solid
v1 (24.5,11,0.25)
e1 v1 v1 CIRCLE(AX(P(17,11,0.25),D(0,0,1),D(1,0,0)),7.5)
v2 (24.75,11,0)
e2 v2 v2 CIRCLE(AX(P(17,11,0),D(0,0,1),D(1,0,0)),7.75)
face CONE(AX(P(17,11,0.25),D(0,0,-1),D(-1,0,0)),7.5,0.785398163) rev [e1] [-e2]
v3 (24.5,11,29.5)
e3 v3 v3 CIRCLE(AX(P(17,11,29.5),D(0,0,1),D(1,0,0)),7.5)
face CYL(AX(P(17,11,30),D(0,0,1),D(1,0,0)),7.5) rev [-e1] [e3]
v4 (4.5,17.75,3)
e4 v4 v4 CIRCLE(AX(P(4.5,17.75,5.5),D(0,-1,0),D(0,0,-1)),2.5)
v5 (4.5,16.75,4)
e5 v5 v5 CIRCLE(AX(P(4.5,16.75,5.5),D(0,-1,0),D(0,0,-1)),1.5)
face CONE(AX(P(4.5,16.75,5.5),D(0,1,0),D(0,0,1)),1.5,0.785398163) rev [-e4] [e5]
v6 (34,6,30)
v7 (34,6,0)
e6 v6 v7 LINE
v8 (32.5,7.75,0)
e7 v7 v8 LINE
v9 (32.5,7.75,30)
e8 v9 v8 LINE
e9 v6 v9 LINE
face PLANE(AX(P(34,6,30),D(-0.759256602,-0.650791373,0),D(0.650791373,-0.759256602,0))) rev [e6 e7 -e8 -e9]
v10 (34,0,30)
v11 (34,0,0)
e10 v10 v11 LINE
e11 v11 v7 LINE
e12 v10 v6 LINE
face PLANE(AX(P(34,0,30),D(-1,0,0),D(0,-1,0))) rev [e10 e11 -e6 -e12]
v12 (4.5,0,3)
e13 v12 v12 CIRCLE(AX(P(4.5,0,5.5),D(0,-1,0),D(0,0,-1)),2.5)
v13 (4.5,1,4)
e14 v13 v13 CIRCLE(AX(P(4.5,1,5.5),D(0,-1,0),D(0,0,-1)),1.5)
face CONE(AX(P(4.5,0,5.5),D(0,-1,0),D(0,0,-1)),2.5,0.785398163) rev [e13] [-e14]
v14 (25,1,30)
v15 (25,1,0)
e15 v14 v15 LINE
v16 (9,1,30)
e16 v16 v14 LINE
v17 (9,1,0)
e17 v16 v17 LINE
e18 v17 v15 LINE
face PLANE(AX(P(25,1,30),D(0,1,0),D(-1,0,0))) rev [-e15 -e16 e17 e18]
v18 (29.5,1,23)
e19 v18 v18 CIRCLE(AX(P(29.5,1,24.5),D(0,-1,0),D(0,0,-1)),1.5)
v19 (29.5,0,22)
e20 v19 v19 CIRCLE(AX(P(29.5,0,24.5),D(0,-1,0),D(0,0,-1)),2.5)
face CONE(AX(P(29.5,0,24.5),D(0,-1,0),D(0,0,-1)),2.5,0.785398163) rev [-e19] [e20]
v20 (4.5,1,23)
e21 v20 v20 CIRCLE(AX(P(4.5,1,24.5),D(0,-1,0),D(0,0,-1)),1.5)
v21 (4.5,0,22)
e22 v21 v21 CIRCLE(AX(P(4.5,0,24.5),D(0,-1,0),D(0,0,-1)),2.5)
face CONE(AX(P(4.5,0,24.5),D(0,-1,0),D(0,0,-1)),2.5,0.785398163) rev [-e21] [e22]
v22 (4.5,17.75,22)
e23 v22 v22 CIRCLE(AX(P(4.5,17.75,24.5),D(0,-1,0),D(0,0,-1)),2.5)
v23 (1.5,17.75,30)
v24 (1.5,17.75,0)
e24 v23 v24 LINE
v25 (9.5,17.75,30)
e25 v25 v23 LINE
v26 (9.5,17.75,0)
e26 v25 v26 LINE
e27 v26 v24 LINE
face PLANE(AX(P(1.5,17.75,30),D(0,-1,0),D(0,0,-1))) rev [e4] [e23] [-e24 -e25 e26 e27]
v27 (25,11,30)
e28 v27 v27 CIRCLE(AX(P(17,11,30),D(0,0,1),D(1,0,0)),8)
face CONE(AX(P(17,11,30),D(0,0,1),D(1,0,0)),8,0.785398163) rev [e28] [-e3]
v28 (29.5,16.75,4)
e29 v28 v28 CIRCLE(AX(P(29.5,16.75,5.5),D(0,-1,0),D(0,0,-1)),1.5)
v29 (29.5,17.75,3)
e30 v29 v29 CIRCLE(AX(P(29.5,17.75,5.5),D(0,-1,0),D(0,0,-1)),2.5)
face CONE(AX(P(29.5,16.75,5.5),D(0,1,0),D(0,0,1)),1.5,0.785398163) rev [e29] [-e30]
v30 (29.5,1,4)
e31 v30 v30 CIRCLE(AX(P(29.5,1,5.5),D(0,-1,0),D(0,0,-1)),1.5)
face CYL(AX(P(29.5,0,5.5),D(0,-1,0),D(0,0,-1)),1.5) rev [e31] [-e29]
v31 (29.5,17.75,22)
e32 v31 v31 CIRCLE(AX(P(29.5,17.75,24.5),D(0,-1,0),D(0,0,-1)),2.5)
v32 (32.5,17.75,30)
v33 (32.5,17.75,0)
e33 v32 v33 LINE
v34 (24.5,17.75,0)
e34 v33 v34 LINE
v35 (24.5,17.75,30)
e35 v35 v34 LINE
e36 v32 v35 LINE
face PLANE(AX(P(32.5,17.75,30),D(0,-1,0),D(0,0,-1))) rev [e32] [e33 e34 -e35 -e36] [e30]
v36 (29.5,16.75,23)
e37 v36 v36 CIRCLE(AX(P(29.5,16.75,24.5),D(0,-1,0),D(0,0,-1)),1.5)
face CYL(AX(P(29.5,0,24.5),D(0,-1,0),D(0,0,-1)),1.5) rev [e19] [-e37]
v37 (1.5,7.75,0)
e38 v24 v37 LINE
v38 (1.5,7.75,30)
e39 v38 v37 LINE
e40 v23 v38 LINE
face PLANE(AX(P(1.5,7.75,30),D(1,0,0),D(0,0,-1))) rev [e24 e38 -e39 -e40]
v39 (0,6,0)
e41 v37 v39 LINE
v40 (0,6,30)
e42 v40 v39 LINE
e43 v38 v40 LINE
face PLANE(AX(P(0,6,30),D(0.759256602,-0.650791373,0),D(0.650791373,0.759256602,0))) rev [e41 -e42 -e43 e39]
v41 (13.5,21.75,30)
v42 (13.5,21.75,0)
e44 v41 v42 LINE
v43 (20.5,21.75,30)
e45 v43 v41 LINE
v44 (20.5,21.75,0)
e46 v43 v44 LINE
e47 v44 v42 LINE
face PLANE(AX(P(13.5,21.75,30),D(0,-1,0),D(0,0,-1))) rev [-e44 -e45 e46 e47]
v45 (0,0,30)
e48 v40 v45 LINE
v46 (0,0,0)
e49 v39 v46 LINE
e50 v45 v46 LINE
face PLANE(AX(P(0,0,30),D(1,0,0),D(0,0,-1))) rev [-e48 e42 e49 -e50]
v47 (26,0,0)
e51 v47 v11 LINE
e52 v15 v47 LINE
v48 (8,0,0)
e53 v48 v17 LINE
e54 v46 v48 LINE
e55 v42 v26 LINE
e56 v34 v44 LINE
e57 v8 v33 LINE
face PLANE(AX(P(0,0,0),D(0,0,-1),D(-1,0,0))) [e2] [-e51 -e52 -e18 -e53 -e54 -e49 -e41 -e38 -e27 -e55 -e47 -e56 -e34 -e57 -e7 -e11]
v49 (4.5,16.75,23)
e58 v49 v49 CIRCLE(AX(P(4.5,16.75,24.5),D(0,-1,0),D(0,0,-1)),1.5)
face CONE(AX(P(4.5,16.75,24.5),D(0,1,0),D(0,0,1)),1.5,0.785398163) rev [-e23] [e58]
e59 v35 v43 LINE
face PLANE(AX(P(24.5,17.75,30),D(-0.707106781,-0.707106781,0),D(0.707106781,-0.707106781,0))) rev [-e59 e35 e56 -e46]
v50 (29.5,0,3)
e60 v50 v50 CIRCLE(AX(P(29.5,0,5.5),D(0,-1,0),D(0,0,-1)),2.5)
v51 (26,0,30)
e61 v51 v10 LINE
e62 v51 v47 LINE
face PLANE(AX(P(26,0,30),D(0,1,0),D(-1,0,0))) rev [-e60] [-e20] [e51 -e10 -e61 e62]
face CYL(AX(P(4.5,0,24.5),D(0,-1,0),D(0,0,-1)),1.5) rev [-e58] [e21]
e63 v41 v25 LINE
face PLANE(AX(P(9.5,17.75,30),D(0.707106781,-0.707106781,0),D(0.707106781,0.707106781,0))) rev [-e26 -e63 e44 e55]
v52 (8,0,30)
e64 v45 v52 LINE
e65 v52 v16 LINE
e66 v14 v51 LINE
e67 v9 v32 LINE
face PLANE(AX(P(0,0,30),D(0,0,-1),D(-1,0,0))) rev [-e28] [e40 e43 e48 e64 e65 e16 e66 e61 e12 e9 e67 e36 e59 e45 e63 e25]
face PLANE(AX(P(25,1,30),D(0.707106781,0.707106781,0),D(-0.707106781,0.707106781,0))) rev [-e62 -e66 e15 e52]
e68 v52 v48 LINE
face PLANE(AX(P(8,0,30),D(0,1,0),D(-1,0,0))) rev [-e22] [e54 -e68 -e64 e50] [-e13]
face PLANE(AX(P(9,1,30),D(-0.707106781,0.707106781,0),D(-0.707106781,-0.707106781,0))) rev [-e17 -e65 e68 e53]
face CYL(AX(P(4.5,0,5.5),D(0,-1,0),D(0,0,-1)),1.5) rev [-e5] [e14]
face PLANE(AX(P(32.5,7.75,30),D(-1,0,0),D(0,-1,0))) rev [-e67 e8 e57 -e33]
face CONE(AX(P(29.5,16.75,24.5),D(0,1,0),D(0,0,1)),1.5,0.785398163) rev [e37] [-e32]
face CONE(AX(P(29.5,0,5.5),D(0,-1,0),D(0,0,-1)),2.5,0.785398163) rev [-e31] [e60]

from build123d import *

# Parameters (mm, degrees)
BOSS_EXTRUDE1_DEPTH        = 30
M5_TAPPED_HOLE5_AT_2_COUNT = 2
M5_TAPPED_HOLE5_AT_2_PITCH = 19
M5_TAPPED_HOLE6_AT_2_COUNT = 2
M5_TAPPED_HOLE6_AT_2_PITCH = 19


with BuildPart() as part:
    # Sketch1 → Boss-Extrude1 (new body)
    with BuildSketch(Plane.XY):
        Polygon((0, 0), (0, 6), (1.5, 7.75), (1.5, 17.75), (9.5, 17.75), (13.5, 21.75), (20.5, 21.75), (24.5, 17.75), (32.5, 17.75), (32.5, 7.75), (34, 6), (34, 0), (26, 0), (25, 1), (9, 1), (8, 0), align=None)
    extrude(amount=BOSS_EXTRUDE1_DEPTH)

    # Sketch4 → CSK for M5 Countersunk Flat Head Screw1 (revolve, cut)
    with BuildSketch(Plane(origin=(17, 11, 30), x_dir=(0, -1, 0), z_dir=(1, 0, 0))):
        Polygon((0, 0), (0, 30), (7.75, 30), (7.5, 29.75), (7.5, 0.5), (8, 0), align=None)
    revolve(axis=Axis((17, 11, 36.35), (0, 0, -1)), mode=Mode.SUBTRACT)

    # Sketch19 → M5 Tapped Hole5 (revolve, cut)
    with BuildSketch(Plane(origin=(29.5, 0, 5.5), x_dir=(0, 0, -1), z_dir=(1, 0, 0))):
        Polygon((0, 0), (0, 17.75), (2.5, 17.75), (1.5, 16.75), (1.5, 1), (2.5, 0), align=None)
    m5_tapped_hole5 = revolve(axis=Axis((29.5, -6.35, 5.5), (0, 1, 0)), mode=Mode.SUBTRACT)

    # M5 Tapped Hole5 at 2: M5 Tapped Hole5 ×2
    with Locations(*[(0, 0, i * M5_TAPPED_HOLE5_AT_2_PITCH) for i in range(1, M5_TAPPED_HOLE5_AT_2_COUNT)]):
        add(m5_tapped_hole5, mode=Mode.SUBTRACT)

    # Sketch21 → M5 Tapped Hole6 (revolve, cut)
    with BuildSketch(Plane(origin=(4.5, 0, 5.5), x_dir=(0, 0, -1), z_dir=(1, 0, 0))):
        Polygon((0, 0), (0, 17.75), (2.5, 17.75), (1.5, 16.75), (1.5, 1), (2.5, 0), align=None)
    m5_tapped_hole6 = revolve(axis=Axis((4.5, -6.35, 5.5), (0, 1, 0)), mode=Mode.SUBTRACT)

    # M5 Tapped Hole6 at 2: M5 Tapped Hole6 ×2
    with Locations(*[(0, 0, i * M5_TAPPED_HOLE6_AT_2_PITCH) for i in range(1, M5_TAPPED_HOLE6_AT_2_COUNT)]):
        add(m5_tapped_hole6, mode=Mode.SUBTRACT)


solid = part.part
